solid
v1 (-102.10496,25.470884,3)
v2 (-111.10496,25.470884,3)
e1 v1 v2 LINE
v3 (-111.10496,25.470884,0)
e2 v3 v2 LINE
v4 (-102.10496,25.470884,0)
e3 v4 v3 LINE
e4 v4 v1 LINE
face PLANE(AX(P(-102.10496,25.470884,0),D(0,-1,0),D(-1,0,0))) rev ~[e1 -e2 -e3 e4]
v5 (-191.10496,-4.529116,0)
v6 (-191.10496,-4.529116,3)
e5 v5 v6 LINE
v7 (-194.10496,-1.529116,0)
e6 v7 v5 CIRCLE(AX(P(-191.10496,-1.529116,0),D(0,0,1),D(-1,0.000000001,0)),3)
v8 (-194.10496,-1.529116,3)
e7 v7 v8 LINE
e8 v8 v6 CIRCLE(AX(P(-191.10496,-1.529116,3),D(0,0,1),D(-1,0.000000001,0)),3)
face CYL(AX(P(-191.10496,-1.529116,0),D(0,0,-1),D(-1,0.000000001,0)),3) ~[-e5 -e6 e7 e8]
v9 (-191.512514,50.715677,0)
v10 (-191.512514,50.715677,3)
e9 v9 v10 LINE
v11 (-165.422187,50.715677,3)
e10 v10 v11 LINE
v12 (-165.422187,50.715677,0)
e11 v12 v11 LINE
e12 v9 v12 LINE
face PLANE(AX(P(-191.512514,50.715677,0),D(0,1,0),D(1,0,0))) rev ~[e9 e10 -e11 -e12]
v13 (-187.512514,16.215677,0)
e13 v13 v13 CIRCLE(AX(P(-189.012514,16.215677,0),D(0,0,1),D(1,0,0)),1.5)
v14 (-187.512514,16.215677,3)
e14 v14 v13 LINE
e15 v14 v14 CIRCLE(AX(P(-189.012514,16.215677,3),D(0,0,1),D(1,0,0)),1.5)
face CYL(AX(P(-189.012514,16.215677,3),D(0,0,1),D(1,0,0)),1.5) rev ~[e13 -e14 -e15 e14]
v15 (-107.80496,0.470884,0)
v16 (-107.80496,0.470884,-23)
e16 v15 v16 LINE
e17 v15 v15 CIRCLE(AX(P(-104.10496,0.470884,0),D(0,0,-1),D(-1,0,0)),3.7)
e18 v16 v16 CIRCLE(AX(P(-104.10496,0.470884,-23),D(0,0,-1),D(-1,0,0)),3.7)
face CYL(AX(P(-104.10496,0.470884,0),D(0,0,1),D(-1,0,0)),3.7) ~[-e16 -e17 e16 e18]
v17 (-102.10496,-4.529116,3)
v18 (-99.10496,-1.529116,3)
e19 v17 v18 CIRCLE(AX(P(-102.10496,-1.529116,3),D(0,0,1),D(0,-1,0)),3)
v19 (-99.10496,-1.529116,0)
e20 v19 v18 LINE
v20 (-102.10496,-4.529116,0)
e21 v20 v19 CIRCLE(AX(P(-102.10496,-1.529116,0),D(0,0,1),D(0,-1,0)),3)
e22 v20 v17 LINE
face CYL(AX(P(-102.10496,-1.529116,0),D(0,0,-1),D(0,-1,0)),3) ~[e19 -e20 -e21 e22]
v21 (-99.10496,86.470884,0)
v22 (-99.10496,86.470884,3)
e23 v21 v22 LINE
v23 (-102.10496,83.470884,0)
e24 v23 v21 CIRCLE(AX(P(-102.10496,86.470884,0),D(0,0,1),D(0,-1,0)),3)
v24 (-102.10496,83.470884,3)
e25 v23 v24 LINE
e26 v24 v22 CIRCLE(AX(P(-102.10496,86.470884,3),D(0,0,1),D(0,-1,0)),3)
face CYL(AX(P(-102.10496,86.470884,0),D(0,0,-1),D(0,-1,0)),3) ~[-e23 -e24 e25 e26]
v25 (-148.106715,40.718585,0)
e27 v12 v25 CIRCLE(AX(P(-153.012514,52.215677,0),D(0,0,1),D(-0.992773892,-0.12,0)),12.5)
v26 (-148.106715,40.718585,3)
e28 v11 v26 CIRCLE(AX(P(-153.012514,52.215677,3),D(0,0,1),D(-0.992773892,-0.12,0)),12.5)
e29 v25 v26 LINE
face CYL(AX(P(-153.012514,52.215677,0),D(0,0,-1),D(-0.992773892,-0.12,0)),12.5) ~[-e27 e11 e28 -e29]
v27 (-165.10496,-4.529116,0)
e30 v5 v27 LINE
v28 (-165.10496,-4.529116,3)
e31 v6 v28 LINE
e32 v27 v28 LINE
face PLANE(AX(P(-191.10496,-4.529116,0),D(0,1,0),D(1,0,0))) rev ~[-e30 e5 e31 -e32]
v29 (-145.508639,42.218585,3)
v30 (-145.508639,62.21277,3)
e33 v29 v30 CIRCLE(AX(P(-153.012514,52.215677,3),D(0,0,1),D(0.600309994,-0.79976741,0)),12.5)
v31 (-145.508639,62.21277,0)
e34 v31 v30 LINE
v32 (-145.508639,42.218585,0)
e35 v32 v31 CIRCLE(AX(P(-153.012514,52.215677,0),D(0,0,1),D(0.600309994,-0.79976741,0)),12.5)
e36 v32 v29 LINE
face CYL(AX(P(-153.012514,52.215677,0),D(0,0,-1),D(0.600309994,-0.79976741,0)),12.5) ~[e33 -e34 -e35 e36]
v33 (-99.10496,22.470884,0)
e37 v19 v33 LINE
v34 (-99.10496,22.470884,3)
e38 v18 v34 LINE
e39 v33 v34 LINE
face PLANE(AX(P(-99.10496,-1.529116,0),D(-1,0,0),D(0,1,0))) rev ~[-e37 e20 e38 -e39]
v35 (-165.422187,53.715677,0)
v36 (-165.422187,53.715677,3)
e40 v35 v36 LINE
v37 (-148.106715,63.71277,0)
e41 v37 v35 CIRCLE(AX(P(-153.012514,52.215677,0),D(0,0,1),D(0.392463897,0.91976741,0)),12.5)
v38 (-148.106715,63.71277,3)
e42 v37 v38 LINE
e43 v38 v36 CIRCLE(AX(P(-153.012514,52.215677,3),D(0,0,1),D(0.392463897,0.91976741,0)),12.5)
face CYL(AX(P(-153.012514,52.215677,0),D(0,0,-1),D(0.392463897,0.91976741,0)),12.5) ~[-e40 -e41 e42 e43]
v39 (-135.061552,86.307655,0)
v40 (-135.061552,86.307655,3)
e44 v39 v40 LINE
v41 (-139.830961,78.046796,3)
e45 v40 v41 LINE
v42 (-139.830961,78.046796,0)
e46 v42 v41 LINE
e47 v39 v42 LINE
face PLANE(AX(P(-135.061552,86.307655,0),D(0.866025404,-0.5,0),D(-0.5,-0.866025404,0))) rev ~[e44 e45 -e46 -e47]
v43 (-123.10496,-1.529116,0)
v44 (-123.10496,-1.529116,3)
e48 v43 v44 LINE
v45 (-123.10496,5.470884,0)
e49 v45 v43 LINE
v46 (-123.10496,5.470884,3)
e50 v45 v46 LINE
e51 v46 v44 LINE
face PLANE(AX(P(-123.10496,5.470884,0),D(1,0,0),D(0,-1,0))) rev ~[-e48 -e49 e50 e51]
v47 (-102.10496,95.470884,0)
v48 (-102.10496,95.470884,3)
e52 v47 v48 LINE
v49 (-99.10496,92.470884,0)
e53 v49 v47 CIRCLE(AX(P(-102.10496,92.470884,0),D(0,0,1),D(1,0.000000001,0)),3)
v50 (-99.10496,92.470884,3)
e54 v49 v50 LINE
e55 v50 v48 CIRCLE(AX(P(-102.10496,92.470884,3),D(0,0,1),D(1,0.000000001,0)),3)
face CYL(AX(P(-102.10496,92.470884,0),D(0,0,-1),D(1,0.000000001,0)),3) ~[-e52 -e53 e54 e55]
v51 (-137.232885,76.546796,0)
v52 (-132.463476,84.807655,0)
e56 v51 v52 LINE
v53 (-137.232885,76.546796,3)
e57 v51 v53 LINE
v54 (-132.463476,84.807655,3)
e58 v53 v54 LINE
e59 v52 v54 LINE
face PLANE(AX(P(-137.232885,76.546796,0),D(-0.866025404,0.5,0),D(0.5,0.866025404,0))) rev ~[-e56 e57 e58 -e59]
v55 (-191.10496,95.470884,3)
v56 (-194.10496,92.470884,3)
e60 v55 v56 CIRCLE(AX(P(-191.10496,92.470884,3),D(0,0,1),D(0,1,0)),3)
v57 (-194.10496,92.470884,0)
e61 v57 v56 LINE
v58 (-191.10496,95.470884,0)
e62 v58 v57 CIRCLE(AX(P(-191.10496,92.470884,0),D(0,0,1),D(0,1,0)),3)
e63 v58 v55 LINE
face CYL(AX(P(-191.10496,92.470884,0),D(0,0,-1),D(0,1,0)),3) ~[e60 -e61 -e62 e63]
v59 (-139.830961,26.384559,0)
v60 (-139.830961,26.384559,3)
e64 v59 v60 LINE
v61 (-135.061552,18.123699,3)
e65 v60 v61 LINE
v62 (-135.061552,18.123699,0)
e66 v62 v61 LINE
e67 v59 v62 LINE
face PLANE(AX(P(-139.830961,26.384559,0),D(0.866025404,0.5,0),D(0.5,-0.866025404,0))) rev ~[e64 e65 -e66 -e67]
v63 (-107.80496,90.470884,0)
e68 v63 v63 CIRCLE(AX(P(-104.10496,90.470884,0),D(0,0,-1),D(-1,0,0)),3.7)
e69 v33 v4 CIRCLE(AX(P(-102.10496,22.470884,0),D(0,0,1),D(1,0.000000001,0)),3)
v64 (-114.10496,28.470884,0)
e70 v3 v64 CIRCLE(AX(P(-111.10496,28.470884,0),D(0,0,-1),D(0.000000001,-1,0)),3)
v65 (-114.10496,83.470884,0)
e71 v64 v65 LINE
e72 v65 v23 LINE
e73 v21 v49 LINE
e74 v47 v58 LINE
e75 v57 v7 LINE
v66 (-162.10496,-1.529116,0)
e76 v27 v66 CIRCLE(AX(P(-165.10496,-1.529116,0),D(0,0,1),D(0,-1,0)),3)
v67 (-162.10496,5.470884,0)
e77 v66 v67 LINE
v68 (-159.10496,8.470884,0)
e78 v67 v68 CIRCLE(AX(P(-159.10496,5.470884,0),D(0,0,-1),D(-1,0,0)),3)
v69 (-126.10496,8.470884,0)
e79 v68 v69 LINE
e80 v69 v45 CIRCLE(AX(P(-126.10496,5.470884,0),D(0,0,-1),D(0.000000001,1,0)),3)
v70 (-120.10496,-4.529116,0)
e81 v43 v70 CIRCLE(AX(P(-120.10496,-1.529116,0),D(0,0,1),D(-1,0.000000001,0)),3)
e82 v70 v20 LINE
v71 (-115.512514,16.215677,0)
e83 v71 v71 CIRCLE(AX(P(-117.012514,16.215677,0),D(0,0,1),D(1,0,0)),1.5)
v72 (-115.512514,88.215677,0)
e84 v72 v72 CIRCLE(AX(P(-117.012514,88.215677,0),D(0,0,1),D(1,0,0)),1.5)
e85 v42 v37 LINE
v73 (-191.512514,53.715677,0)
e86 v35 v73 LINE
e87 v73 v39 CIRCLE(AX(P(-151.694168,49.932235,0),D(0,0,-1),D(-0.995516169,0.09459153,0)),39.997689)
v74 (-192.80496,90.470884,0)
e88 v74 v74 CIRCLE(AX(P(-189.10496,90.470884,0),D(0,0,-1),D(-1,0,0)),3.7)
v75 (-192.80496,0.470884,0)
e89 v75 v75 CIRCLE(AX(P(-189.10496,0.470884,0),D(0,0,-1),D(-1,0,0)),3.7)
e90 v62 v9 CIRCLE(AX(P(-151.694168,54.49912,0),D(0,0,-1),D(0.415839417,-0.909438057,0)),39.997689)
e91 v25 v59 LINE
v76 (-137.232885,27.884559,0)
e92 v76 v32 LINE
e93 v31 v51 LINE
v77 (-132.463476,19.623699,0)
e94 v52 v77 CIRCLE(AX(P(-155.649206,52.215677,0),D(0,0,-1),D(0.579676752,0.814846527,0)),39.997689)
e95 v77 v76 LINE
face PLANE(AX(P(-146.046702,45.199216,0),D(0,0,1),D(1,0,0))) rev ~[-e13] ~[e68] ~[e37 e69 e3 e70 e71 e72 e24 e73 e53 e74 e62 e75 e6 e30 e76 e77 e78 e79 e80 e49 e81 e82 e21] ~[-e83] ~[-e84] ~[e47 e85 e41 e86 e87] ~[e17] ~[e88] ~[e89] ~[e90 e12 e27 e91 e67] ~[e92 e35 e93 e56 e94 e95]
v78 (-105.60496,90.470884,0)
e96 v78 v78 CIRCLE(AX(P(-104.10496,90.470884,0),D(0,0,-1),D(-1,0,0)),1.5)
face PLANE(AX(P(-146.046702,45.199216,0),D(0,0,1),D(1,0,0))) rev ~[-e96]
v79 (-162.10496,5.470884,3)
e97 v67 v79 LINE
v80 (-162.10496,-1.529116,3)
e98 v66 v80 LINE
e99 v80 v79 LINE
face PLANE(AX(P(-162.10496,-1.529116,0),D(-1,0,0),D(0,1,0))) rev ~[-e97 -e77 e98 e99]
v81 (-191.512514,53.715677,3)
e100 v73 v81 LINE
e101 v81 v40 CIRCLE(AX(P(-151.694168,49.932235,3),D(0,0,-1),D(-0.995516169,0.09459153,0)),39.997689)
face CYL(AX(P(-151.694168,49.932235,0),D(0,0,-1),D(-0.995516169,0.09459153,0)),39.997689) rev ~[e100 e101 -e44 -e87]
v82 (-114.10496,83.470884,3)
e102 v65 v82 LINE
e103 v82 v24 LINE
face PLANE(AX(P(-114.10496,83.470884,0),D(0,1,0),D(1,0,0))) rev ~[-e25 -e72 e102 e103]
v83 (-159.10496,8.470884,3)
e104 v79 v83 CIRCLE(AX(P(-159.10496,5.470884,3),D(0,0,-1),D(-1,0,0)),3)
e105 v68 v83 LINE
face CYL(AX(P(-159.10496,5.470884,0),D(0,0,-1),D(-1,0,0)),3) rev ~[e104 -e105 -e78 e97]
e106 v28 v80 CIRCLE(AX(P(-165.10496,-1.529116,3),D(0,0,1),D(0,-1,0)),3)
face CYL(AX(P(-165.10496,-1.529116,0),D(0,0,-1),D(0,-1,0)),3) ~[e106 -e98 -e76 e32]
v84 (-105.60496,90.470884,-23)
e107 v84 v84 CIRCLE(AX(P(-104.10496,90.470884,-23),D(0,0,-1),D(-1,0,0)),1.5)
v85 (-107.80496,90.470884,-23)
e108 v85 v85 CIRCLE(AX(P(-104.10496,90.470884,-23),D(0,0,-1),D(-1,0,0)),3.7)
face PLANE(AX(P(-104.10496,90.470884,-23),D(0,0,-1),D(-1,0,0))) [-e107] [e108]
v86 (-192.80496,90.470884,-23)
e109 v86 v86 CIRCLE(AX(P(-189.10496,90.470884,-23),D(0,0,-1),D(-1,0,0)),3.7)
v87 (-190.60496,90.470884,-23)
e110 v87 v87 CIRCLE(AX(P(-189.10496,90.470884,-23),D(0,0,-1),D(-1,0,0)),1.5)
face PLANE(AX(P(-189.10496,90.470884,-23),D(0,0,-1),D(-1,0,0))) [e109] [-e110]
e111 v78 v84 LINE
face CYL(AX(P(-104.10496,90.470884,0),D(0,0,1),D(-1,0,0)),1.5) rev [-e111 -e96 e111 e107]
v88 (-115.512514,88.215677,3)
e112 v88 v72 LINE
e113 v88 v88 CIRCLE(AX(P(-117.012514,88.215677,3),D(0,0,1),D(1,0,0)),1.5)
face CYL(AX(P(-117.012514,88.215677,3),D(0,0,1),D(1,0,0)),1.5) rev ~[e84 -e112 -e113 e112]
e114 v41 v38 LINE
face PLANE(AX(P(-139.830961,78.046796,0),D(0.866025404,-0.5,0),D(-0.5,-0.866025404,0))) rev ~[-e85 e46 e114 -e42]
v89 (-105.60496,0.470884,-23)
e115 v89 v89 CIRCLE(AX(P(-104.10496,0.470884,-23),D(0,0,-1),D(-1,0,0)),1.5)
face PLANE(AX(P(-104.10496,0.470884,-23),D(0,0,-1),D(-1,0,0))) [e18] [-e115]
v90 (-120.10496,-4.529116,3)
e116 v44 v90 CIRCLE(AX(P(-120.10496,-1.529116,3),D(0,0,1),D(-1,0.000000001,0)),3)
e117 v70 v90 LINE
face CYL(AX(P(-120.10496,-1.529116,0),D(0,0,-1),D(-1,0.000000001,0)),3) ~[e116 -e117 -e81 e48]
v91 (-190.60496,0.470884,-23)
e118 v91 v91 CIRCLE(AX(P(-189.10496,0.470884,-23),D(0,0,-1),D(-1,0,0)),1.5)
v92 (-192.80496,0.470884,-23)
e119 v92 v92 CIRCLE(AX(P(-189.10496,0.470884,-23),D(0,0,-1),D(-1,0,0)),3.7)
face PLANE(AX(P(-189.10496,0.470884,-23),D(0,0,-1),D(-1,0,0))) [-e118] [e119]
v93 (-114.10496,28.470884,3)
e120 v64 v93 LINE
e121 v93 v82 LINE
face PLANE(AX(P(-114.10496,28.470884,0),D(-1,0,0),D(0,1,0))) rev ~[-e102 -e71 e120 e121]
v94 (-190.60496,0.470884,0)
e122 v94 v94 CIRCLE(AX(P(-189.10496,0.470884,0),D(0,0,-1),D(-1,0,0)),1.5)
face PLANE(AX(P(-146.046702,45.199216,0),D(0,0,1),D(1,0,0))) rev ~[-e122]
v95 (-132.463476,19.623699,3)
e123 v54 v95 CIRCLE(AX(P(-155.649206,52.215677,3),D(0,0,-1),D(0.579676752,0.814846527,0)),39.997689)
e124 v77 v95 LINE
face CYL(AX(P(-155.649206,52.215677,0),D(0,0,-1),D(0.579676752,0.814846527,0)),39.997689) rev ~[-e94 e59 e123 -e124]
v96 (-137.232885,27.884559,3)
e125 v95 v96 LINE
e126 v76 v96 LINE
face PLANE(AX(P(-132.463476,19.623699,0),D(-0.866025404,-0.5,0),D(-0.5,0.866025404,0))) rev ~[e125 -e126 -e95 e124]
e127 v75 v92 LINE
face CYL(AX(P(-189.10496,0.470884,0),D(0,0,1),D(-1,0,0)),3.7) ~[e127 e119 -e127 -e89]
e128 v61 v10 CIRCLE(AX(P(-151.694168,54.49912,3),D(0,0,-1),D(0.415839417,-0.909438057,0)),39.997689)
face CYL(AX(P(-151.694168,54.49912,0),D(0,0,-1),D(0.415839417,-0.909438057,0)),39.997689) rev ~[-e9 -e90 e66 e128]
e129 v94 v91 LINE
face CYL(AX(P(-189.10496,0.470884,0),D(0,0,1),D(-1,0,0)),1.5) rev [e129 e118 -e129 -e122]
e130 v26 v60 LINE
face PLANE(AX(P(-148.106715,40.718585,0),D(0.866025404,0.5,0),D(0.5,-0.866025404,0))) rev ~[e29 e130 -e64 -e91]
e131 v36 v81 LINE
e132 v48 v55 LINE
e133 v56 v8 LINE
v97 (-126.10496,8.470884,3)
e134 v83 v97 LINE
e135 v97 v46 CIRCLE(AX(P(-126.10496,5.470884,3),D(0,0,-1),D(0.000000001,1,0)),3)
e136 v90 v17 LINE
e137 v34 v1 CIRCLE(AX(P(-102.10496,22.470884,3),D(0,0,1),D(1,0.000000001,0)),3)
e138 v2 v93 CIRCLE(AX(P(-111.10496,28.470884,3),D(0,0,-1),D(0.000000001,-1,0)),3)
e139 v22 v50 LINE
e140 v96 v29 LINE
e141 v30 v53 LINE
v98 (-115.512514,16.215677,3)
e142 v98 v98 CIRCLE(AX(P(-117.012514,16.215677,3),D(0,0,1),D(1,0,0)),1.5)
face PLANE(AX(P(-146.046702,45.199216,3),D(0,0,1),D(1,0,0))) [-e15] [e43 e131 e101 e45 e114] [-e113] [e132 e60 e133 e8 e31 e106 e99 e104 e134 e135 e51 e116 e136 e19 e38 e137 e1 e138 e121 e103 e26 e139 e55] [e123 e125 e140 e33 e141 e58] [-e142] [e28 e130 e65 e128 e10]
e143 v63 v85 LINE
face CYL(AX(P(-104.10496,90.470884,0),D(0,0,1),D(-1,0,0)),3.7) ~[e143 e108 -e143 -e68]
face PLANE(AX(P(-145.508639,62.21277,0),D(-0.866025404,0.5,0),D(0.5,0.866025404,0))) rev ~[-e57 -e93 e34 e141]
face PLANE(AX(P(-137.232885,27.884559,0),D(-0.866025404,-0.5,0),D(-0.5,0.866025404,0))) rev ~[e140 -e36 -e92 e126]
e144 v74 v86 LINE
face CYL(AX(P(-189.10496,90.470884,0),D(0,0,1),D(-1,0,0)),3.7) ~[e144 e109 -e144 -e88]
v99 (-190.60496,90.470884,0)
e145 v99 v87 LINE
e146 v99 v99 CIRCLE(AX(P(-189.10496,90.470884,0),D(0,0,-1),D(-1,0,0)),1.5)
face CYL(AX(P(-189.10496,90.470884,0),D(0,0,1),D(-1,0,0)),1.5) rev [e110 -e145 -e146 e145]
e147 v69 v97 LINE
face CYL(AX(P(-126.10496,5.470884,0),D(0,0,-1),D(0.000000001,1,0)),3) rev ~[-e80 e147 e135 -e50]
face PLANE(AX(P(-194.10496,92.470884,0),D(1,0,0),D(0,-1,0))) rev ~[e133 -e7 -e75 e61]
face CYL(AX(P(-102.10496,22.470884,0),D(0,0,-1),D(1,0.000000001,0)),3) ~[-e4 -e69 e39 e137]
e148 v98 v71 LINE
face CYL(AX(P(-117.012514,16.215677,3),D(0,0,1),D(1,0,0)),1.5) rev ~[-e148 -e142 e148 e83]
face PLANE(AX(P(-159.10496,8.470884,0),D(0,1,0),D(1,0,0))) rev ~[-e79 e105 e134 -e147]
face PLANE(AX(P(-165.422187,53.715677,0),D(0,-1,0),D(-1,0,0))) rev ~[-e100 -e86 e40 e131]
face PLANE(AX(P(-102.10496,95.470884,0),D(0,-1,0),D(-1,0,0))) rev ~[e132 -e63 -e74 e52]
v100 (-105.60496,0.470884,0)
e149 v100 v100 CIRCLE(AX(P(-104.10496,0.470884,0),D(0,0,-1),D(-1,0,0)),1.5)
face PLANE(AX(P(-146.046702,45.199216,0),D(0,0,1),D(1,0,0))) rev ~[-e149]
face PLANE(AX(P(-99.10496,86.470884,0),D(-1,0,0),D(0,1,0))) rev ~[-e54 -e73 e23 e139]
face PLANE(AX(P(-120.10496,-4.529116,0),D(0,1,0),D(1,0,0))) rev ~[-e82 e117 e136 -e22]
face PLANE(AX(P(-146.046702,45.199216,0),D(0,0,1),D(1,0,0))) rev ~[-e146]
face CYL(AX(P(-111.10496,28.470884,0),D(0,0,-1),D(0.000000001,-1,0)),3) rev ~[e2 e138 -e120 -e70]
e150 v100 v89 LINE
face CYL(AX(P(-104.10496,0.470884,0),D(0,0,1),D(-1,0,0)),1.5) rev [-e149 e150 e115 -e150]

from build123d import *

# Parameters (mm, degrees)
SALIENTE_EXTRUIR1_DEPTH = 3
CROQUIS2_R              = 3.7
CROQUIS2_R_2            = 1.5
SALIENTE_EXTRUIR2_DEPTH = 23
CROQUIS3_R              = 1.5
CORTAR_EXTRUIR1_DEPTH   = 3


with BuildPart() as part:
    # Croquis1 → Saliente-Extruir1 (new body)
    with BuildSketch(Plane.XY):
        with BuildLine():
            Line((-194.10496046, 92.470884256), (-194.10496046, 88.470884256))
            Line((-194.10496046, 88.470884256), (-194.10496046, 5.382772077))
            Line((-194.10496046, 5.382772077), (-194.10496046, -1.529115744))
            ThreePointArc((-194.10496046, -1.529115744), (-193.226280804, -3.650436088), (-191.10496046, -4.529115744))
            Line((-191.10496046, -4.529115744), (-165.10496046, -4.529115744))
            ThreePointArc((-165.10496046, -4.529115744), (-162.983640117, -3.650436088), (-162.10496046, -1.529115744))
            Line((-162.10496046, -1.529115744), (-162.10496046, 5.470884256))
            ThreePointArc((-162.10496046, 5.470884256), (-161.226280804, 7.592204599), (-159.10496046, 8.470884256))
            Line((-159.10496046, 8.470884256), (-126.10496046, 8.470884256))
            ThreePointArc((-126.10496046, 8.470884256), (-123.983640117, 7.592204599), (-123.10496046, 5.470884256))
            Line((-123.10496046, 5.470884256), (-123.10496046, -1.529115744))
            ThreePointArc((-123.10496046, -1.529115744), (-122.226280804, -3.650436088), (-120.10496046, -4.529115744))
            Line((-120.10496046, -4.529115744), (-102.10496046, -4.529115744))
            ThreePointArc((-102.10496046, -4.529115744), (-99.983640117, -3.650436088), (-99.10496046, -1.529115744))
            Line((-99.10496046, -1.529115744), (-99.10496046, 22.470884256))
            ThreePointArc((-99.10496046, 22.470884256), (-99.983640117, 24.592204599), (-102.10496046, 25.470884256))
            Line((-102.10496046, 25.470884256), (-111.10496046, 25.470884256))
            ThreePointArc((-111.10496046, 25.470884256), (-113.226280804, 26.349563912), (-114.10496046, 28.470884256))
            Line((-114.10496046, 28.470884256), (-114.10496046, 60.470884256))
            Line((-114.10496046, 60.470884256), (-114.10496046, 83.470884256))
            Line((-114.10496046, 83.470884256), (-102.10496046, 83.470884256))
            ThreePointArc((-102.10496046, 83.470884256), (-99.983640117, 84.349563912), (-99.10496046, 86.470884256))
            Line((-99.10496046, 86.470884256), (-99.10496046, 92.470884256))
            ThreePointArc((-99.10496046, 92.470884256), (-99.983640117, 94.592204599), (-102.10496046, 95.470884256))
            Line((-102.10496046, 95.470884256), (-191.10496046, 95.470884256))
            ThreePointArc((-191.10496046, 95.470884256), (-193.226280804, 94.592204599), (-194.10496046, 92.470884256))
        make_face()
        with BuildLine():
            Line((-181.973694619, 53.715677144), (-191.512513703, 53.715677144))
            ThreePointArc((-191.512513703, 53.715677144), (-171.693012047, 84.571249386), (-135.061551809, 86.307655189))
            Line((-135.061551809, 86.307655189), (-139.830961352, 78.04679554))
            Line((-139.830961352, 78.04679554), (-148.106714986, 63.712769774))
            ThreePointArc((-148.106714986, 63.712769774), (-159.262513703, 63.040994691), (-165.422187349, 53.715677144))
            Line((-165.422187349, 53.715677144), (-181.973694619, 53.715677144))
        make_face(mode=Mode.SUBTRACT)
        with BuildLine():
            Line((-145.508638775, 62.212769774), (-137.23288514, 76.54679554))
            Line((-137.23288514, 76.54679554), (-132.463475598, 84.807655189))
            ThreePointArc((-132.463475598, 84.807655189), (-115.651517015, 52.215677144), (-132.463475598, 19.623699098))
            Line((-132.463475598, 19.623699098), (-137.23288514, 27.884558748))
            Line((-137.23288514, 27.884558748), (-145.508638775, 42.218584514))
            ThreePointArc((-145.508638775, 42.218584514), (-140.512513703, 52.215677144), (-145.508638775, 62.212769774))
        make_face(mode=Mode.SUBTRACT)
        with BuildLine():
            Line((-148.106714986, 40.718584514), (-139.830961352, 26.384558748))
            Line((-139.830961352, 26.384558748), (-135.061551809, 18.123699098))
            ThreePointArc((-135.061551809, 18.123699098), (-171.693012047, 19.860104901), (-191.512513703, 50.715677144))
            Line((-191.512513703, 50.715677144), (-181.973694619, 50.715677144))
            Line((-181.973694619, 50.715677144), (-165.422187349, 50.715677144))
            ThreePointArc((-165.422187349, 50.715677144), (-159.262513703, 41.390359596), (-148.106714986, 40.718584514))
        make_face(mode=Mode.SUBTRACT)
    extrude(amount=SALIENTE_EXTRUIR1_DEPTH)

    # Croquis2 → Saliente-Extruir2 (add)
    with BuildSketch(Plane(origin=(0, 0, 0), x_dir=(-1, 0, 0), z_dir=(0, 0, -1))):
        with Locations((189.10496046, 90.470884256)):
            Circle(CROQUIS2_R)
        with Locations((189.10496046, 90.470884256)):
            Circle(CROQUIS2_R_2, mode=Mode.SUBTRACT)
        with Locations((104.10496046, 90.470884256)):
            Circle(CROQUIS2_R)
        with Locations((104.10496046, 90.470884256)):
            Circle(CROQUIS2_R_2, mode=Mode.SUBTRACT)
        with Locations((104.10496046, 0.470884256)):
            Circle(CROQUIS2_R)
        with Locations((104.10496046, 0.470884256)):
            Circle(CROQUIS2_R_2, mode=Mode.SUBTRACT)
        with Locations((189.10496046, 0.470884256)):
            Circle(CROQUIS2_R)
        with Locations((189.10496046, 0.470884256)):
            Circle(CROQUIS2_R_2, mode=Mode.SUBTRACT)
    extrude(amount=SALIENTE_EXTRUIR2_DEPTH)

    # Croquis3 → Cortar-Extruir1 (cut)
    with BuildSketch(Plane.XY.offset(3)):
        with Locations((-117.012513703, 16.215677144)):
            Circle(CROQUIS3_R)
        with Locations((-189.012513703, 16.215677144)):
            Circle(CROQUIS3_R)
        with Locations((-117.012513703, 88.215677144)):
            Circle(CROQUIS3_R)
    extrude(amount=-CORTAR_EXTRUIR1_DEPTH, mode=Mode.SUBTRACT)


solid = part.part
